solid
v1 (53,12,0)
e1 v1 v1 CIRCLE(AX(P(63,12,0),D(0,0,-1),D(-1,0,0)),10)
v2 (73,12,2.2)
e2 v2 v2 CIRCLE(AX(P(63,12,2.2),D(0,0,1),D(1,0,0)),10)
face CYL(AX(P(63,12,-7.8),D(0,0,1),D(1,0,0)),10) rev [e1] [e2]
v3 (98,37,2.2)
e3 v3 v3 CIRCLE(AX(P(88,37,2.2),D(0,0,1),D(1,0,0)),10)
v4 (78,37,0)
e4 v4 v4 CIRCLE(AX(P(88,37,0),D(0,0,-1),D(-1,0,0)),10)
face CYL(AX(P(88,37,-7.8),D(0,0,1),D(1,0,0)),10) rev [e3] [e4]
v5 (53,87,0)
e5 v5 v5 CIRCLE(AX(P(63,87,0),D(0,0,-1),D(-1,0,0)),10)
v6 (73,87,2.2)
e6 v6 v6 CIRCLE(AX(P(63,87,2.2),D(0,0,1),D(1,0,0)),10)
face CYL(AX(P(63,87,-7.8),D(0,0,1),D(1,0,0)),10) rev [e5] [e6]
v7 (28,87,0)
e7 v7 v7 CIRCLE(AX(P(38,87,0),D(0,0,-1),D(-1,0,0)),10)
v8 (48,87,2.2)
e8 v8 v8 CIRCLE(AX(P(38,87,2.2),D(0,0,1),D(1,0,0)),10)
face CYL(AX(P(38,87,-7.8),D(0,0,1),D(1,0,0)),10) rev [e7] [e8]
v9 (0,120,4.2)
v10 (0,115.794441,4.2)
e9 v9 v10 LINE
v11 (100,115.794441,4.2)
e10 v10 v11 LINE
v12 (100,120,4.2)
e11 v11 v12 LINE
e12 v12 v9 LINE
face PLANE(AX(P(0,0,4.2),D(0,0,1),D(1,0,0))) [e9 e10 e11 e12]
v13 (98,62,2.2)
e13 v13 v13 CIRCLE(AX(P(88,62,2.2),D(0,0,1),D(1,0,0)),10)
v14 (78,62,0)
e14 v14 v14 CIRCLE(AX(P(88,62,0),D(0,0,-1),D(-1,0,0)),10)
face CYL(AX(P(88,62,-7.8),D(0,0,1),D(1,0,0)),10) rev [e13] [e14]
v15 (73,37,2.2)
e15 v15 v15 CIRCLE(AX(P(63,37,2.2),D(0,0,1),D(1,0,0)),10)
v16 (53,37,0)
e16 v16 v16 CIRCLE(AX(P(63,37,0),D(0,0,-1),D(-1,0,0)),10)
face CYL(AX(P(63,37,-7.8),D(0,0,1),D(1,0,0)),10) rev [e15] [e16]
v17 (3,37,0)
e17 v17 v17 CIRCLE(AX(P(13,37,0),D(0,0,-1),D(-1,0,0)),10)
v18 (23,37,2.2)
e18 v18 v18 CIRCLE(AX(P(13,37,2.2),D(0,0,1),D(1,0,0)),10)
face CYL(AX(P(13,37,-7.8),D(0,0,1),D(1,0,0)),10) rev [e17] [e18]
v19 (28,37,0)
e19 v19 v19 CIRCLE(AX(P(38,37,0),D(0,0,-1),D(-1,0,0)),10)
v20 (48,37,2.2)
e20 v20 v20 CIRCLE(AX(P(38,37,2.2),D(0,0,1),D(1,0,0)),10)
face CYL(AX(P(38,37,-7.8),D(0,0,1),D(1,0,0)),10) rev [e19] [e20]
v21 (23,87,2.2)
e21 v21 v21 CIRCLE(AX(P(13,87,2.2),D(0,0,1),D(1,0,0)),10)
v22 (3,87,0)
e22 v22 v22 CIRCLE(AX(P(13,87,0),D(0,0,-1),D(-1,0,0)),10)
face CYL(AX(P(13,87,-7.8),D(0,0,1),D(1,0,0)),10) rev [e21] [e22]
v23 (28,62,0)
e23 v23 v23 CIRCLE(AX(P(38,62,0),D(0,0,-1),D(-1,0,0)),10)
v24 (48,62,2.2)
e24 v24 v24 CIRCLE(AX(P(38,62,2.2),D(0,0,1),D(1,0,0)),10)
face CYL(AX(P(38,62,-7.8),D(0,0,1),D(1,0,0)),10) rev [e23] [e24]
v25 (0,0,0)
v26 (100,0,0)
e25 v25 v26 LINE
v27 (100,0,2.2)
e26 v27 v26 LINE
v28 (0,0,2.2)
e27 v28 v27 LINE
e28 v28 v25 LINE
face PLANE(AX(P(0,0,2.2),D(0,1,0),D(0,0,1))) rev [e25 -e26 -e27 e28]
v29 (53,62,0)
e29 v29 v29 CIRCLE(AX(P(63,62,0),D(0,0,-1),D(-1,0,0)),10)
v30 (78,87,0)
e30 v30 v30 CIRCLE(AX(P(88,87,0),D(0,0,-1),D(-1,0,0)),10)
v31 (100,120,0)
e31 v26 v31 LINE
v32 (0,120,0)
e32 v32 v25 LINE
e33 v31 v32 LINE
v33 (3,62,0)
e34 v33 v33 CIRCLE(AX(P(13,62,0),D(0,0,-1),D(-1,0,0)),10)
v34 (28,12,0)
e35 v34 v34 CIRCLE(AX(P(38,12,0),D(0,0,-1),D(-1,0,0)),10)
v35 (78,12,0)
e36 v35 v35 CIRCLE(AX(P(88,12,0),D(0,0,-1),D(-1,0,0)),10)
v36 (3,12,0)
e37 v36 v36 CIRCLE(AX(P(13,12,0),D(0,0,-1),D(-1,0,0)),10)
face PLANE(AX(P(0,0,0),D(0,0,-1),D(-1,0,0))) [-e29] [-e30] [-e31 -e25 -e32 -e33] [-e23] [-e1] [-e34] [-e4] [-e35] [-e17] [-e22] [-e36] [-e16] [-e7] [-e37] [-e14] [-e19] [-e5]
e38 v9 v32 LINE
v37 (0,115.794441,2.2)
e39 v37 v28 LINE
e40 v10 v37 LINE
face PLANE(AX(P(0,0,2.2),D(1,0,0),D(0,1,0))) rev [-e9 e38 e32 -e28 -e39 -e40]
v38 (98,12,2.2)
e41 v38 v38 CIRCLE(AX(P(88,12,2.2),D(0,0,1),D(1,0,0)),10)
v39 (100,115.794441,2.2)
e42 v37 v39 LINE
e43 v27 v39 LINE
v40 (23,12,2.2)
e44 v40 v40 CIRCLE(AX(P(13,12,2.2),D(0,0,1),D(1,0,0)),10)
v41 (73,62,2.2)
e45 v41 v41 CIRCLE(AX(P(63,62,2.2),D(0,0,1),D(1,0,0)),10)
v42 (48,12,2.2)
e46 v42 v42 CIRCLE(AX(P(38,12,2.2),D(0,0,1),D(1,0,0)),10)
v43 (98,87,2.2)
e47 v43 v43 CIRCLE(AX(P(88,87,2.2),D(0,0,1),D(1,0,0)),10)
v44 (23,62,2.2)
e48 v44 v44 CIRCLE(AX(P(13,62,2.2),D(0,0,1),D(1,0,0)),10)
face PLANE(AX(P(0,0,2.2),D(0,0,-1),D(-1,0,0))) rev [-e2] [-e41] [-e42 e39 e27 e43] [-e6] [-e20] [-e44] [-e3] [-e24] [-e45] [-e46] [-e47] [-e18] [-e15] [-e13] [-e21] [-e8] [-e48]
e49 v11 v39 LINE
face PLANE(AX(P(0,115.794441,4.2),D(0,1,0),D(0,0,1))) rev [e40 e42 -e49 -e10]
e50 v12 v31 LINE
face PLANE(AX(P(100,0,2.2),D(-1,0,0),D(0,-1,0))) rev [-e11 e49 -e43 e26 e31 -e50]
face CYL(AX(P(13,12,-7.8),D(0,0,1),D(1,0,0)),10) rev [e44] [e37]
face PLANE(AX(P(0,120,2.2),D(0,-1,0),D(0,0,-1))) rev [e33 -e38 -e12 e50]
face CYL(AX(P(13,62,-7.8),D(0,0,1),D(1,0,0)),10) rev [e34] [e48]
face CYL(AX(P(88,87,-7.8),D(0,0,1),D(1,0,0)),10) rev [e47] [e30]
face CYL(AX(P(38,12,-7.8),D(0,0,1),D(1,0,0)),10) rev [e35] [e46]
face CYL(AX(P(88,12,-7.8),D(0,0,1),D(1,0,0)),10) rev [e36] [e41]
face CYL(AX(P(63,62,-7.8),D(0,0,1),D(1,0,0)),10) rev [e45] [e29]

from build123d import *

# Parameters (mm, degrees)
SKETCH1_W           = 100
SKETCH1_H           = 120
BOSS_EXTRUDE1_DEPTH = 2.2
SKETCH2_R           = 10
CUT_EXTRUDE1_DEPTH  = 10
SKETCH3_W           = 100
SKETCH3_H           = 4.205559055
BOSS_EXTRUDE2_DEPTH = 2


with BuildPart() as part:
    # Sketch1 → Boss-Extrude1 (new body)
    with BuildSketch(Plane.XY):
        with Locations((50, 60)):
            Rectangle(SKETCH1_W, SKETCH1_H)
    extrude(amount=BOSS_EXTRUDE1_DEPTH)

    # Sketch2 → Cut-Extrude1 (cut)
    with BuildSketch(Plane.XY.offset(2.2)):
        with Locations((88, 12)):
            Circle(SKETCH2_R)
        with Locations((63, 12)):
            Circle(SKETCH2_R)
        with Locations((38, 12)):
            Circle(SKETCH2_R)
        with Locations((13, 12)):
            Circle(SKETCH2_R)
        with Locations((63, 37)):
            Circle(SKETCH2_R)
        with Locations((38, 37)):
            Circle(SKETCH2_R)
        with Locations((13, 37)):
            Circle(SKETCH2_R)
        with Locations((63, 62)):
            Circle(SKETCH2_R)
        with Locations((38, 62)):
            Circle(SKETCH2_R)
        with Locations((13, 62)):
            Circle(SKETCH2_R)
        with Locations((63, 87)):
            Circle(SKETCH2_R)
        with Locations((38, 87)):
            Circle(SKETCH2_R)
        with Locations((13, 87)):
            Circle(SKETCH2_R)
        with Locations((88, 37)):
            Circle(SKETCH2_R)
        with Locations((88, 62)):
            Circle(SKETCH2_R)
        with Locations((88, 87)):
            Circle(SKETCH2_R)
    extrude(amount=-CUT_EXTRUDE1_DEPTH, mode=Mode.SUBTRACT)

    # Sketch3 → Boss-Extrude2 (add)
    with BuildSketch(Plane.XY.offset(2.2)):
        with Locations((50, 117.897220473)):
            Rectangle(SKETCH3_W, SKETCH3_H)
    extrude(amount=BOSS_EXTRUDE2_DEPTH)


solid = part.part
